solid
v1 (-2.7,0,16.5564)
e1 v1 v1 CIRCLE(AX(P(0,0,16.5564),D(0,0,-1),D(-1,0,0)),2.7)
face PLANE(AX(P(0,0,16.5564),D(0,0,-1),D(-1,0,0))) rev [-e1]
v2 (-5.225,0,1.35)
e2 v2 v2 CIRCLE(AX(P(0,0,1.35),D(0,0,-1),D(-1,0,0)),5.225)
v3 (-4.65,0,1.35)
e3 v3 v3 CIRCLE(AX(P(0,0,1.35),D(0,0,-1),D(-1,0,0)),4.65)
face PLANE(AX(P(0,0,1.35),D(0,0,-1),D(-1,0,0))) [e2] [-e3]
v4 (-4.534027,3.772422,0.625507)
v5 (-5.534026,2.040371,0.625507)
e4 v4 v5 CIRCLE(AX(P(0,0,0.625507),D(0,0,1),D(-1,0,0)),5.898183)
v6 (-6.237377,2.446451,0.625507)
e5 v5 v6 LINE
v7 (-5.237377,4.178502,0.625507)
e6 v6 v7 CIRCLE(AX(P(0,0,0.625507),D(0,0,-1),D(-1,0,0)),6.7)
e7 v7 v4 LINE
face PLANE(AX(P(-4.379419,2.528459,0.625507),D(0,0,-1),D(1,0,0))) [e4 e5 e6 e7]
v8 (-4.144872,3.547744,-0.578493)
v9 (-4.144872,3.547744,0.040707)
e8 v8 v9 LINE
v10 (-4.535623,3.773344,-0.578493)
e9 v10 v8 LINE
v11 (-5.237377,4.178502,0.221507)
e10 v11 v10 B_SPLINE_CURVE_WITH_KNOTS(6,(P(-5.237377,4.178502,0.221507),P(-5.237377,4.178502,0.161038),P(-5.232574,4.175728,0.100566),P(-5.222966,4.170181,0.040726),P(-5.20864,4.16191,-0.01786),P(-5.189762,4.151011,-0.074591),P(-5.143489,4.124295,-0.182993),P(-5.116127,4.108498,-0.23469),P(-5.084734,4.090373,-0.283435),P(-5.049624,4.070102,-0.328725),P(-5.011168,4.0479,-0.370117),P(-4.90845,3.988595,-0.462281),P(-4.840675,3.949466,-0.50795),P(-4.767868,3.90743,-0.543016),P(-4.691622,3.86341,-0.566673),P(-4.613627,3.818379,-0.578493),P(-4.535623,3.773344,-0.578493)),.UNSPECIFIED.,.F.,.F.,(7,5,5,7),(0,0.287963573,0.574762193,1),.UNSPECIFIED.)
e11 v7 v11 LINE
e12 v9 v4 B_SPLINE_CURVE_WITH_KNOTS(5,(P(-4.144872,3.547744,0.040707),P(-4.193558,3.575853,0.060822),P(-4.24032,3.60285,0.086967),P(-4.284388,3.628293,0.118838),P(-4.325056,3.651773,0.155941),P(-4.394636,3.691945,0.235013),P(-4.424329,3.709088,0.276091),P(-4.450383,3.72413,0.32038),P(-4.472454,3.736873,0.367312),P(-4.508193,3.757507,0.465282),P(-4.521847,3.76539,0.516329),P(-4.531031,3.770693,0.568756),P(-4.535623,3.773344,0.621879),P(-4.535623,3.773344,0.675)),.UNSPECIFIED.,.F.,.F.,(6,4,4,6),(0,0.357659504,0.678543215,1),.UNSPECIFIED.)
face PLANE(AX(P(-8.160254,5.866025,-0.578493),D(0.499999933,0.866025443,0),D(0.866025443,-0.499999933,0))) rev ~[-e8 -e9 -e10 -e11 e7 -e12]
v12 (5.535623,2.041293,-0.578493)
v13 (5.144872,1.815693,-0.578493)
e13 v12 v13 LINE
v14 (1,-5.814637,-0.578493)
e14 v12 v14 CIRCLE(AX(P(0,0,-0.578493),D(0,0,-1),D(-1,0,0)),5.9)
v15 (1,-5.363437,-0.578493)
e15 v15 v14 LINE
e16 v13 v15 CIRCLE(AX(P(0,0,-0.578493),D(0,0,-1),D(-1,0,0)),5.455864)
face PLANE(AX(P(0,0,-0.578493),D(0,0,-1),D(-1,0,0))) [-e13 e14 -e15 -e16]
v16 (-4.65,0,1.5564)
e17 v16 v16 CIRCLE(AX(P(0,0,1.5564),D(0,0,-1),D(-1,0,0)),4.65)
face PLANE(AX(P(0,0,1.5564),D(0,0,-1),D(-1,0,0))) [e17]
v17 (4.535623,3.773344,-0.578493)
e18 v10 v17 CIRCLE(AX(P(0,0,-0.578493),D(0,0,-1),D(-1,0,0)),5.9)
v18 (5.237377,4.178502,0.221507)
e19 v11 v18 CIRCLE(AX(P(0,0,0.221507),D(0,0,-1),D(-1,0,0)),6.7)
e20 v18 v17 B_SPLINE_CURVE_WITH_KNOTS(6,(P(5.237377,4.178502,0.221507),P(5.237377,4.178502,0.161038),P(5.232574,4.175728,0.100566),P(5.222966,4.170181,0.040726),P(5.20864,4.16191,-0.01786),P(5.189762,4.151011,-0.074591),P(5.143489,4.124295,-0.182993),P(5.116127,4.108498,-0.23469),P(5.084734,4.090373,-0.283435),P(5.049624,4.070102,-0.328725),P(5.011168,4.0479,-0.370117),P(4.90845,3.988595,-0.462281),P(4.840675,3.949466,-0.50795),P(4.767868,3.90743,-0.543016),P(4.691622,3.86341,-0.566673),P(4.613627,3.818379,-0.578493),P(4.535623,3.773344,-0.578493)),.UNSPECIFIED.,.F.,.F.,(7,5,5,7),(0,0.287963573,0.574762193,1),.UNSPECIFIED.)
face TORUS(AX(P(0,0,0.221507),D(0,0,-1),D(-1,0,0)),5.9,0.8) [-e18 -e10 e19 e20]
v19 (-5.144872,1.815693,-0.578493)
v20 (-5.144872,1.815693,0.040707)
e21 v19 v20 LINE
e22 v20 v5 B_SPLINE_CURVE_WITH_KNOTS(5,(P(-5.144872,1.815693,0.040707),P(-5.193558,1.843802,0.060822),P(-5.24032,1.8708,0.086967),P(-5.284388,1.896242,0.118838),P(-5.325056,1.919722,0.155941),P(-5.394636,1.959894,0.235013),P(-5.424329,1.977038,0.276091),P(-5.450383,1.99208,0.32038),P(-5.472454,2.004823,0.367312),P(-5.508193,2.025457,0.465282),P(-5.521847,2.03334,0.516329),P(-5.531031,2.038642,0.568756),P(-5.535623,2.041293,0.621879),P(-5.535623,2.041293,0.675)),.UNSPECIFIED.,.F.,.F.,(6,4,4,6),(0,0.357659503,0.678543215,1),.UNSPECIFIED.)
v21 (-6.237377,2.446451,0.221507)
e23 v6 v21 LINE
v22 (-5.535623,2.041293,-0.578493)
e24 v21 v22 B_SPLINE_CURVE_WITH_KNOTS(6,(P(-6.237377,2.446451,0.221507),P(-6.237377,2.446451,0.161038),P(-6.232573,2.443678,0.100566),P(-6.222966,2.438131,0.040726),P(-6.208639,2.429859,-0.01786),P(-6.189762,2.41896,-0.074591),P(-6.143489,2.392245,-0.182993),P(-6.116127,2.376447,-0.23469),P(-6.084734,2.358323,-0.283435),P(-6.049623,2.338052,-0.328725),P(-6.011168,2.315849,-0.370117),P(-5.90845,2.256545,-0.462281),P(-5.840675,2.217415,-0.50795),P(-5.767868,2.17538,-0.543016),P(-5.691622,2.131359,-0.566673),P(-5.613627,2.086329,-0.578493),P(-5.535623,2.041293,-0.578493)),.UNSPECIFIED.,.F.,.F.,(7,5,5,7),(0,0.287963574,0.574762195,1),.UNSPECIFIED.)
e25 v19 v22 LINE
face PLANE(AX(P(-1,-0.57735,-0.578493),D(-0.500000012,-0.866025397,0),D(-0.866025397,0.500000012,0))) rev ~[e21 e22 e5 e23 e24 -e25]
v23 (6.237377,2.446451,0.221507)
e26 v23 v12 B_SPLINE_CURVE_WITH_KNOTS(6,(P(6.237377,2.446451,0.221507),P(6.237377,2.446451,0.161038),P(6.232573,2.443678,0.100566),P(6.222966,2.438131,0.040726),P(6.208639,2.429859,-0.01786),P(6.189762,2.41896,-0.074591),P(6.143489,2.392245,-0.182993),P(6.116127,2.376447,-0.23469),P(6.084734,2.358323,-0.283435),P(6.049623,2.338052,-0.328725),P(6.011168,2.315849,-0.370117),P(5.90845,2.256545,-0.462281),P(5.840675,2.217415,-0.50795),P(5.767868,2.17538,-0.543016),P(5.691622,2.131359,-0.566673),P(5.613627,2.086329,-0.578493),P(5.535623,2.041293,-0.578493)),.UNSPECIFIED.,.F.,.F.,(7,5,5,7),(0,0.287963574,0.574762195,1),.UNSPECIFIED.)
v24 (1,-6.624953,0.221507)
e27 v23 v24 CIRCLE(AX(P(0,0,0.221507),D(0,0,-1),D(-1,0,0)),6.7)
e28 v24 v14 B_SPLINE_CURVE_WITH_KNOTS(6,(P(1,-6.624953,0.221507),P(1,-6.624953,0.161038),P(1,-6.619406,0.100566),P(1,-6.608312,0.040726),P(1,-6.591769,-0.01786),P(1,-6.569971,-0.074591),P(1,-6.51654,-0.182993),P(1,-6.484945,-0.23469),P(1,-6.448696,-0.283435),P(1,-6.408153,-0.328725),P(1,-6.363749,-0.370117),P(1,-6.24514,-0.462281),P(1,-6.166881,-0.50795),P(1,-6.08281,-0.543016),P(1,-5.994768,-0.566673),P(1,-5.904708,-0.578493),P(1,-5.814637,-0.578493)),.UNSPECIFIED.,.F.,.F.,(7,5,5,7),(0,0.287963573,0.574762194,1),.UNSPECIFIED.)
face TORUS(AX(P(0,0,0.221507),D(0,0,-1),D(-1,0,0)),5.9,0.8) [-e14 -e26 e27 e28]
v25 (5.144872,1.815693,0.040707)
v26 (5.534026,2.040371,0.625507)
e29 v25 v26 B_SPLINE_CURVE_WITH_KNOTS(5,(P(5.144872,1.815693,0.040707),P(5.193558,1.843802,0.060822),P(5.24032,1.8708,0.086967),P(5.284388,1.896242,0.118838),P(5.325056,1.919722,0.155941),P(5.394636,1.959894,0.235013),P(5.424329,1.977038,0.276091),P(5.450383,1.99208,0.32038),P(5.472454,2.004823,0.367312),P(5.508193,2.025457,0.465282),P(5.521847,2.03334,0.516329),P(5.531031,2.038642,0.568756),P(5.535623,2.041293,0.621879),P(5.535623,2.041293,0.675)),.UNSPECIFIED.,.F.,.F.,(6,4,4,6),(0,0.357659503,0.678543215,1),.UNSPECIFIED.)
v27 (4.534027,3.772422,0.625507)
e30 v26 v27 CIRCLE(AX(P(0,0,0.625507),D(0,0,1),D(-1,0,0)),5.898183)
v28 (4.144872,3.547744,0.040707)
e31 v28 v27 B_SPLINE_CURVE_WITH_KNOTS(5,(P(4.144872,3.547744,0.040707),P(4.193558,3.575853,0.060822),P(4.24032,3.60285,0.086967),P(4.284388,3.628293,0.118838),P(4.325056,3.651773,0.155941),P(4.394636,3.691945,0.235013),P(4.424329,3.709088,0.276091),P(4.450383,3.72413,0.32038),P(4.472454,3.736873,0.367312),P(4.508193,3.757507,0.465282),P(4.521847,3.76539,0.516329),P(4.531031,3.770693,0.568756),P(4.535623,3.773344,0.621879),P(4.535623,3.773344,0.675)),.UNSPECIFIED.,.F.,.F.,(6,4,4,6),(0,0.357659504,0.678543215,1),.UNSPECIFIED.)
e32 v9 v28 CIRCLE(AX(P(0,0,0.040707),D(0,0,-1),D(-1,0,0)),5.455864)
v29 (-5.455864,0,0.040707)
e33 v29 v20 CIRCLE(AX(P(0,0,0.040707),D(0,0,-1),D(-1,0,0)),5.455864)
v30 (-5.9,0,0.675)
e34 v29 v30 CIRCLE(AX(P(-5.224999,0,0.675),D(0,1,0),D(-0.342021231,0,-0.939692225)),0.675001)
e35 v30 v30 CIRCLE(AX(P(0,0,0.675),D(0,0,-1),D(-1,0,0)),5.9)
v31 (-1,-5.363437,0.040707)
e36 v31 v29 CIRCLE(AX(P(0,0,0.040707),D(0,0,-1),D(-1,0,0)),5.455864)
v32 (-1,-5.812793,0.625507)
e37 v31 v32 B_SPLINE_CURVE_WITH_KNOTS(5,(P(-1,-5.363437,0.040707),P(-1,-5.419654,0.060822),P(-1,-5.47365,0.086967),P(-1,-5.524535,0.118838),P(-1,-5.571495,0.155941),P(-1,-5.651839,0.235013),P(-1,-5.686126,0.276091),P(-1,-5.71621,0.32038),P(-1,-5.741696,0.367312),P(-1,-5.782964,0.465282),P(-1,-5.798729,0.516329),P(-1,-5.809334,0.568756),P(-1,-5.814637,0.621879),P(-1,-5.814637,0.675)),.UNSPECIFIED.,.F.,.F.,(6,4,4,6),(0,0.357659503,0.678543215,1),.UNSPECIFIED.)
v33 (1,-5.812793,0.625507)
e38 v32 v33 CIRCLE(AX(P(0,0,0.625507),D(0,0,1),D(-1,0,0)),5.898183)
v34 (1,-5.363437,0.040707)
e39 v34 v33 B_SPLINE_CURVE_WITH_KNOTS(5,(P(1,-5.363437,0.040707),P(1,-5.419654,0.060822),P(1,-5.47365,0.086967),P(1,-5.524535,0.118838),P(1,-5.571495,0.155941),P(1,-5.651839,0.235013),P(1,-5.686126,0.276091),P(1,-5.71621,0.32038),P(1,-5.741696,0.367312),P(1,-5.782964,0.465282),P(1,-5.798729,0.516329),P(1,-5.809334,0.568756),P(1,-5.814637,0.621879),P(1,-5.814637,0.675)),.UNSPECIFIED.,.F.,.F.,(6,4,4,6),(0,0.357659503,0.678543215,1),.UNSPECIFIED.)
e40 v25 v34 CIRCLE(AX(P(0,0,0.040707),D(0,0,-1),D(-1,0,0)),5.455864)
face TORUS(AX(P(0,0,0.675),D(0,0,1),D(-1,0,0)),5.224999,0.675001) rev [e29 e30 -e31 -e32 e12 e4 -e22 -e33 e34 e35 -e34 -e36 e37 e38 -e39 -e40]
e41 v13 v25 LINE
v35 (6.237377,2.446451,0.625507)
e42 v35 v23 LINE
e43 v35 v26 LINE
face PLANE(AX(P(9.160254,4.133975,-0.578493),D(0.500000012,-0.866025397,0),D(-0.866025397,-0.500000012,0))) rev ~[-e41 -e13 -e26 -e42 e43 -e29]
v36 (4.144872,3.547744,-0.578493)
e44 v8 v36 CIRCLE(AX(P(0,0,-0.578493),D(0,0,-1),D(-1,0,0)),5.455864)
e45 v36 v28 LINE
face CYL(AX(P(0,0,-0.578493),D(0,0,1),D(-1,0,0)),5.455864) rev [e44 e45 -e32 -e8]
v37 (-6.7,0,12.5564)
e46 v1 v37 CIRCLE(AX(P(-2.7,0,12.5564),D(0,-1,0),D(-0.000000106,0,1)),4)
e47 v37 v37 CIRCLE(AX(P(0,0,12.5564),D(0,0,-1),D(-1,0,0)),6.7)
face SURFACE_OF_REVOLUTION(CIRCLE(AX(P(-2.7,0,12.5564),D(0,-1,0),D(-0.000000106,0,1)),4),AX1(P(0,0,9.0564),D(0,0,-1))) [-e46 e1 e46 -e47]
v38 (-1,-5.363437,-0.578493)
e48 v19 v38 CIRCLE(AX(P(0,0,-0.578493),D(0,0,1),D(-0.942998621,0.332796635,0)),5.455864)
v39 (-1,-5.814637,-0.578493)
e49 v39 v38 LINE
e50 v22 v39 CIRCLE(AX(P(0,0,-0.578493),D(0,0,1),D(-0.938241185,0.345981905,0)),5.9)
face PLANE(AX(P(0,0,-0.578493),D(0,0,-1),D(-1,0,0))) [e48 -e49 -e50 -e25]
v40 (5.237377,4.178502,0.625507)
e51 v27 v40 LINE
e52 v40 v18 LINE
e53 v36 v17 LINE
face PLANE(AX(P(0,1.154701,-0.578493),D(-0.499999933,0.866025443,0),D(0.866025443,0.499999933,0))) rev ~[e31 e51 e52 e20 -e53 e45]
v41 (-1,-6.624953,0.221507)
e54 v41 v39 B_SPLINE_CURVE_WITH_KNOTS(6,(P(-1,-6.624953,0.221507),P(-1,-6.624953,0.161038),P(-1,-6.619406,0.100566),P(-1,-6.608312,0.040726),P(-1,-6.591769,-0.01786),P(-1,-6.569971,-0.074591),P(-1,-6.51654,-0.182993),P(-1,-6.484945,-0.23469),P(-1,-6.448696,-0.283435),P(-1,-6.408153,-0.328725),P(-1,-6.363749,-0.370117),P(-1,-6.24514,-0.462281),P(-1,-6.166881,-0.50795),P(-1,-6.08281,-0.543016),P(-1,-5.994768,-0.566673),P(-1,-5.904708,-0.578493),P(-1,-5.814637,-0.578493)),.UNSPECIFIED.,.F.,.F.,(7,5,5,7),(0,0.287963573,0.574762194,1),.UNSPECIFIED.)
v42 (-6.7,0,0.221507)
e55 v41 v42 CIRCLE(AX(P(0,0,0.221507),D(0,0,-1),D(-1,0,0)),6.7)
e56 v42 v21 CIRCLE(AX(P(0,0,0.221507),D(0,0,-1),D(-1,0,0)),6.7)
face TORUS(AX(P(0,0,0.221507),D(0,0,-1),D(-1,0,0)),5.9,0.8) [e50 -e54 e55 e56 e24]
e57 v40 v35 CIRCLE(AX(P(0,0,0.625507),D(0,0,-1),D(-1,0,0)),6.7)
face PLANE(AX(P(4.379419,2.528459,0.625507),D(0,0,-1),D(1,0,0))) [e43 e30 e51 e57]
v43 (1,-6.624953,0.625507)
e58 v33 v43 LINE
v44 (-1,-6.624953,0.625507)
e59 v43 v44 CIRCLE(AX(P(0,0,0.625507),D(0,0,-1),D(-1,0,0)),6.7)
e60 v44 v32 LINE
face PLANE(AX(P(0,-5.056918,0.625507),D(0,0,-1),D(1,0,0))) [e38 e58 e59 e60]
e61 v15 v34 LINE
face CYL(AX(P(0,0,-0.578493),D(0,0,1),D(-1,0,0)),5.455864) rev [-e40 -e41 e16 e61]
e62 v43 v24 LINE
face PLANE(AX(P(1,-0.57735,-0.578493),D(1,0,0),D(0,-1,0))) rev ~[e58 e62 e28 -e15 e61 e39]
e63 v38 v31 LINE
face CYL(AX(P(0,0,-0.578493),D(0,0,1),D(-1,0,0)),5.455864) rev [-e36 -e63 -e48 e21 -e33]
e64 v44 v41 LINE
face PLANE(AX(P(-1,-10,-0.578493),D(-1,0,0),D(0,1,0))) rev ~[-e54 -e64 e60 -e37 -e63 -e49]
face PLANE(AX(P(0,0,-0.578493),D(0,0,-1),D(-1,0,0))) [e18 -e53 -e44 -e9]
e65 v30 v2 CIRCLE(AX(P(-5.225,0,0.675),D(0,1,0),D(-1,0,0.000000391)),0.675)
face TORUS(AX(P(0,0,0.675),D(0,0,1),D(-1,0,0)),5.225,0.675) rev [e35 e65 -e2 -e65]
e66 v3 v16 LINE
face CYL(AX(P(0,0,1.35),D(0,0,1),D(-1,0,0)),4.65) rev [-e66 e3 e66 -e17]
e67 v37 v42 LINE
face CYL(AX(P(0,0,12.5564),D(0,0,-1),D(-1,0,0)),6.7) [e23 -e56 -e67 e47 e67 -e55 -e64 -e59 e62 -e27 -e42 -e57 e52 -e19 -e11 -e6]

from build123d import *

# Parameters (mm, degrees)
F3_R     = 0.8
F4_DEPTH = 1.204


with BuildPart() as f1:
    # F0 (on Front) → F1 (revolve)
    with BuildSketch(Plane.XZ):
        with BuildLine():
            Line((-4.65, 1.5564), (0, 1.5564))
            Line((0, 1.5564), (0, 16.5564))
            Line((0, 16.5564), (-2.7, 16.5564))
            ThreePointArc((-2.7, 16.5564), (-5.528427, 15.384827), (-6.7, 12.5564))
            Line((-6.7, 12.5564), (-6.7, -0.578493))
            Line((-6.7, -0.578493), (-5.455864, -0.578493))
            Line((-5.455864, -0.578493), (-5.455864, 0.040707))
            ThreePointArc((-5.455864, 0.040707), (-5.777928, 0.287836), (-5.9, 0.675))
            ThreePointArc((-5.9, 0.675), (-5.702297, 1.152297), (-5.225, 1.35))
            Line((-5.225, 1.35), (-4.65, 1.35))
            Line((-4.65, 1.35), (-4.65, 1.5564))
        make_face()
    revolve(axis=Axis((0, 0, 9.0564), (0, 0, -1)))

    # F3
    f3_edges = [f1.edges().sort_by_distance(p)[0] for p in [
        (6.7, 0, -0.578493),
    ]]
    fillet(f3_edges, radius=F3_R)

    # F2 (on face) → F4 (cut)
    with BuildSketch(Plane(origin=(0, 0, -0.578493), x_dir=(1, 0, 0), z_dir=(0, 0, -1))):
        Polygon((1, 10), (-1, 10), (-1, 0.57735), (-0.5, 0.866025), (0, 0), (0.5, 0.866025), (1, 0.57735), align=None)
        Polygon((-1, 0), (-1, 0.57735), (-9.160254, -4.133975), (-8.160254, -5.866025), (0, -1.154701), (-0.5, -0.866025), (0, 0), align=None)
        Polygon((9.160254, -4.133975), (1, 0.57735), (1, 0), (0, 0), (0.5, -0.866025), (0, -1.154701), (8.160254, -5.866025), align=None)
    extrude(amount=-F4_DEPTH, mode=Mode.SUBTRACT)


solid = f1.part
